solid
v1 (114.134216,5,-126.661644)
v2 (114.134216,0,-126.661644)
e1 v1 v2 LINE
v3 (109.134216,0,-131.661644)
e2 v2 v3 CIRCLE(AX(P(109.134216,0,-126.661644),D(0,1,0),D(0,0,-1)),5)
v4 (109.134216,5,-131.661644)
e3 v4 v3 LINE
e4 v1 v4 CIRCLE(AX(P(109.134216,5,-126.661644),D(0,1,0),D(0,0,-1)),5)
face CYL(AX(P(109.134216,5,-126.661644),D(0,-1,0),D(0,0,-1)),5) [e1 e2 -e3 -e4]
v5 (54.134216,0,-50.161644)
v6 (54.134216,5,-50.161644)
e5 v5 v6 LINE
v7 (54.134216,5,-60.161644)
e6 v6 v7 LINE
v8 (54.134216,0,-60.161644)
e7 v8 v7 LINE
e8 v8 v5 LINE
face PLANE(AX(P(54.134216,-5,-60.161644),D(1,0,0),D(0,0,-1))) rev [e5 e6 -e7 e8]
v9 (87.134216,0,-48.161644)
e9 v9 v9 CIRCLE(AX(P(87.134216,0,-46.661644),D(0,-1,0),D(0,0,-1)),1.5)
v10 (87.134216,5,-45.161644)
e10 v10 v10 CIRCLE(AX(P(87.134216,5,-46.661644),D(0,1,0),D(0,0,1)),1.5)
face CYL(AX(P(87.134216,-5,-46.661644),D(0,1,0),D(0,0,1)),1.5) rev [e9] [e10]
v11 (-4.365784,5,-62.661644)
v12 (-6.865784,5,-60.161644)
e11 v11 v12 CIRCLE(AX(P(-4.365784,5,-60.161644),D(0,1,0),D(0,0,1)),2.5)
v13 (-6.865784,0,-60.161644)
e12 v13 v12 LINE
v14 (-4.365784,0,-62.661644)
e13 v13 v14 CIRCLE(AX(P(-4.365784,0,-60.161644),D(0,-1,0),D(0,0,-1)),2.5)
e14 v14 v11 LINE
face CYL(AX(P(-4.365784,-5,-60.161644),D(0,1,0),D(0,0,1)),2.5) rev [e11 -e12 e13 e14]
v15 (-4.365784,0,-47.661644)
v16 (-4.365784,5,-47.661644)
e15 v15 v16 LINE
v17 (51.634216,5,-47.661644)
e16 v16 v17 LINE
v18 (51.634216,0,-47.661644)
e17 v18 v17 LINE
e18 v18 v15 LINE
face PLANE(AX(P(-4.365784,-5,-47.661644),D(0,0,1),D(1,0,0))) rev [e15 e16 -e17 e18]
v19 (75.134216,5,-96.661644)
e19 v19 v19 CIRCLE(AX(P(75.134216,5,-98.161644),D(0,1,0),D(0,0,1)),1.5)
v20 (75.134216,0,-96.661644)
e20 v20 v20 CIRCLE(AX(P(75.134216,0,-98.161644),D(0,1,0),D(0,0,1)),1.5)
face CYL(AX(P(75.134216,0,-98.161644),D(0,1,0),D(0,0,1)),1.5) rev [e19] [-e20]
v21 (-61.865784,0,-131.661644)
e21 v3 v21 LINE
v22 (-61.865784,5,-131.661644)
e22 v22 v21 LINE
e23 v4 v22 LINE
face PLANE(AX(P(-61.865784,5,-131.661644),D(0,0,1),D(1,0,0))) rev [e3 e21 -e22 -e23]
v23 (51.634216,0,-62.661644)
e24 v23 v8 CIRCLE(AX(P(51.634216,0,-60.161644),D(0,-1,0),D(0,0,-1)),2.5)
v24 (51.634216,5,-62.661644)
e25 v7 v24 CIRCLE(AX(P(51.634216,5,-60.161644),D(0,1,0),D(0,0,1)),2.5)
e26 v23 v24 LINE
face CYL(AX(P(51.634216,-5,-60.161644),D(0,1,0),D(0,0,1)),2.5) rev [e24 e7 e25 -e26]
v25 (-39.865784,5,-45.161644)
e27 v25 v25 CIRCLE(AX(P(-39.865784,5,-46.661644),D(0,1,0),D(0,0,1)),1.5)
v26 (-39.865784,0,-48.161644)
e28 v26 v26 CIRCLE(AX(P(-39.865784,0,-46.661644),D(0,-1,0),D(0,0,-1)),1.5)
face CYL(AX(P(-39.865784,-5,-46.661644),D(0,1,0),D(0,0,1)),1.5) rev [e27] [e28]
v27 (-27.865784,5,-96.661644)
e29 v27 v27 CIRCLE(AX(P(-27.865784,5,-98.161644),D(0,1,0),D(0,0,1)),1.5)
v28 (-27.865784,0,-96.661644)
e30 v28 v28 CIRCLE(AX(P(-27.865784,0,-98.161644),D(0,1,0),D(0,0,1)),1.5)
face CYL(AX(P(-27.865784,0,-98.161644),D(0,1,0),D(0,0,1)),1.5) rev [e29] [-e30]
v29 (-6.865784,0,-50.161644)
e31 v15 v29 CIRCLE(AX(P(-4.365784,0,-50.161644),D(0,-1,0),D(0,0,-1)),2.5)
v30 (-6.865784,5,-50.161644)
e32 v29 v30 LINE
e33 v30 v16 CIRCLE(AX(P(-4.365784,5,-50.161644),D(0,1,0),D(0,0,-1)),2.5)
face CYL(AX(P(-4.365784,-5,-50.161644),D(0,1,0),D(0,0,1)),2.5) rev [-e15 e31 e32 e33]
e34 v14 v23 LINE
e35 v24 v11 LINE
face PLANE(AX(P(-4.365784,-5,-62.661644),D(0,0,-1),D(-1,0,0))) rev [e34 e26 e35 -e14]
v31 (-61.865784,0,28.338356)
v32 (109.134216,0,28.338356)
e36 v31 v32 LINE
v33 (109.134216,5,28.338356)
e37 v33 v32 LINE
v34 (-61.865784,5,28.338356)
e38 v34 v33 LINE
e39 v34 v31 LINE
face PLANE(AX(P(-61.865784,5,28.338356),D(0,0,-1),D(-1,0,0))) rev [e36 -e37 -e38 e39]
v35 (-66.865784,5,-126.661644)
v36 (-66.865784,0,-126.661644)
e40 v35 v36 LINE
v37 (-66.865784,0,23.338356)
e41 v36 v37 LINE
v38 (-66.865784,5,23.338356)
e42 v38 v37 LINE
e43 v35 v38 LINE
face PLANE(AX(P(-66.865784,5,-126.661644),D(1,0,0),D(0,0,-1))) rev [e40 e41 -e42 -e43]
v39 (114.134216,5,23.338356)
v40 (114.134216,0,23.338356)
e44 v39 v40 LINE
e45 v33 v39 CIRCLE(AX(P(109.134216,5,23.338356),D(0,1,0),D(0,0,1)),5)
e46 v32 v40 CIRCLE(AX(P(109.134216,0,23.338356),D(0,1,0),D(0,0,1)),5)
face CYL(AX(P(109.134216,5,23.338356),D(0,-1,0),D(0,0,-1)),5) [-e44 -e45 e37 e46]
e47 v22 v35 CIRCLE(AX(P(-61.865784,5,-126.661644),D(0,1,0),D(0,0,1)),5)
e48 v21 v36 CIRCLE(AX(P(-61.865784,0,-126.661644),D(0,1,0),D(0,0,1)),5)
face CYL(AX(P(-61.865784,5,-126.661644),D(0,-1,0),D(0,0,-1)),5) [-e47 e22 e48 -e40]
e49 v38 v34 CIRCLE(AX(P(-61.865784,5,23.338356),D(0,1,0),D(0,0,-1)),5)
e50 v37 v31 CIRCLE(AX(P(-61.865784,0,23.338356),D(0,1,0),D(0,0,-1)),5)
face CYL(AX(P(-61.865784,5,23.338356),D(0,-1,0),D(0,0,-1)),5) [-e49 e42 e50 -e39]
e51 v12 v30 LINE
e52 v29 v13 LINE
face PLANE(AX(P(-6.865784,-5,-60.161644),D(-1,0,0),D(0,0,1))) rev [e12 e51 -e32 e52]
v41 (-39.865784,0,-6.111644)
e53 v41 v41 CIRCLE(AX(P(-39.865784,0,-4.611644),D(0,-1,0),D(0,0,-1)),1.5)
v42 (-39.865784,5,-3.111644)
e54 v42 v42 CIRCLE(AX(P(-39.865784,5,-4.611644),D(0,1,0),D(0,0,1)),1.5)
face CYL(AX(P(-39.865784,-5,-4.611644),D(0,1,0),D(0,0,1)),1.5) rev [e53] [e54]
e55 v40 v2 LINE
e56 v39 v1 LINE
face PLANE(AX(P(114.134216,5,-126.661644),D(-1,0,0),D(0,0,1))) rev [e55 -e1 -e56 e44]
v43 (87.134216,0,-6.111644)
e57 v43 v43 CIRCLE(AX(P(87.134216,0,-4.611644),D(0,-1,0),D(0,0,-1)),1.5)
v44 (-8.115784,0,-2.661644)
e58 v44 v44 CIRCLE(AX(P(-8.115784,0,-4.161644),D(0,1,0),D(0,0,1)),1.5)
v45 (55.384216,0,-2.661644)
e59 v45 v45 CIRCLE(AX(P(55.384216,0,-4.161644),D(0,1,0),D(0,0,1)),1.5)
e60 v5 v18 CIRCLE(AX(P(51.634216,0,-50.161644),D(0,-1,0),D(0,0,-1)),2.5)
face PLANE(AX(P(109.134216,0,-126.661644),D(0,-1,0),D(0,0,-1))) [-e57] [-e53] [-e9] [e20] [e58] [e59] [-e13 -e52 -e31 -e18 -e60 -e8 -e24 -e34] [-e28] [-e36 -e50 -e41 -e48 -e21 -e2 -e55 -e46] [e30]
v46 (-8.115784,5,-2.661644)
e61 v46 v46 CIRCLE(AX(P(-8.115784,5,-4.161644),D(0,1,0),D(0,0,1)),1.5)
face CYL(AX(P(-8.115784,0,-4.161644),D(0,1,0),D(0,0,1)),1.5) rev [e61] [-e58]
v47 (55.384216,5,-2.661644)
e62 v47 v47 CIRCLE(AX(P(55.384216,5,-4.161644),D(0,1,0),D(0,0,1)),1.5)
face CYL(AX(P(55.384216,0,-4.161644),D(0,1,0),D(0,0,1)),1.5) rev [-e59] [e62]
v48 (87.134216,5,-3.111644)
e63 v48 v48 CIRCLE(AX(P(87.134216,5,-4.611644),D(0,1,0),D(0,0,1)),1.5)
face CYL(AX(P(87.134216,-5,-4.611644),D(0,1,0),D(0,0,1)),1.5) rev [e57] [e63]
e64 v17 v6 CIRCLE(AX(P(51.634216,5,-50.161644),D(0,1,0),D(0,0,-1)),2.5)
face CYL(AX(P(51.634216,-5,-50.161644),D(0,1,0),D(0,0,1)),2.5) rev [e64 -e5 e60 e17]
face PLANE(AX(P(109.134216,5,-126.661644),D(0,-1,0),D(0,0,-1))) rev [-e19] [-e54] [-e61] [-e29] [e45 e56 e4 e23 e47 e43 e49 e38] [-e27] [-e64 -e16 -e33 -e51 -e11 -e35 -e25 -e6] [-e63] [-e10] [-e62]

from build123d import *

# Parameters (mm, degrees)
RESSALTO_EXTRUS_O1_DEPTH = 5
ESBO_O2_R                = 1.5
CORTE_EXTRUS_O1_DEPTH    = 5
ESBO_O3_R                = 1.5
CORTE_EXTRUS_O2_DEPTH    = 10
CORTE_EXTRUS_O3_DEPTH    = 10


with BuildPart() as part:
    # Esboço1 → Ressalto-extrusão1 (new body)
    with BuildSketch(Plane(origin=(0, 0, 0), x_dir=(1, 0, 0), z_dir=(0, 1, 0))):
        with BuildLine():
            Line((-61.865783789, 131.661644013), (109.134216211, 131.661644013))
            ThreePointArc((109.134216211, 131.661644013), (112.669750117, 130.197177919), (114.134216211, 126.661644013))
            Line((114.134216211, 126.661644013), (114.134216211, -23.338355987))
            ThreePointArc((114.134216211, -23.338355987), (112.669750117, -26.873889893), (109.134216211, -28.338355987))
            Line((109.134216211, -28.338355987), (-61.865783789, -28.338355987))
            ThreePointArc((-61.865783789, -28.338355987), (-65.401317695, -26.873889893), (-66.865783789, -23.338355987))
            Line((-66.865783789, -23.338355987), (-66.865783789, 126.661644013))
            ThreePointArc((-66.865783789, 126.661644013), (-65.401317695, 130.197177919), (-61.865783789, 131.661644013))
        make_face()
    extrude(amount=RESSALTO_EXTRUS_O1_DEPTH)

    # Esboço2 → Corte-extrusão1 (cut)
    with BuildSketch(Plane(origin=(0, 5, 0), x_dir=(1, 0, 0), z_dir=(0, 1, 0))):
        with Locations(Location((-27.865783789, 98.161644013, 0), (0, 0, 270))):
            Circle(ESBO_O2_R)
        with Locations(Location((75.134216211, 98.161644013, 0), (0, 0, 270))):
            Circle(ESBO_O2_R)
        with Locations(Location((-8.115783789, 4.161644013, 0), (0, 0, 270))):
            Circle(ESBO_O2_R)
        with Locations(Location((55.384216211, 4.161644013, 0), (0, 0, 270))):
            Circle(ESBO_O2_R)
    extrude(amount=-CORTE_EXTRUS_O1_DEPTH, mode=Mode.SUBTRACT)

    # Esboço3 → Corte-extrusão2 (cut)
    with BuildSketch(Plane(origin=(0, 5, 0), x_dir=(1, 0, 0), z_dir=(0, 1, 0))):
        with Locations(Location((-39.865783789, 46.661644013, 0), (0, 0, 270))):
            Circle(ESBO_O3_R)
        with Locations(Location((-39.865783789, 4.611644013, 0), (0, 0, 270))):
            Circle(ESBO_O3_R)
        with Locations(Location((87.134216211, 46.661644013, 0), (0, 0, 270))):
            Circle(ESBO_O3_R)
        with Locations(Location((87.134216211, 4.611644013, 0), (0, 0, 270))):
            Circle(ESBO_O3_R)
    extrude(amount=-CORTE_EXTRUS_O2_DEPTH, mode=Mode.SUBTRACT)

    # Esboço4 → Corte-extrusão3 (cut)
    with BuildSketch(Plane(origin=(0, 5, 0), x_dir=(1, 0, 0), z_dir=(0, 1, 0))):
        with BuildLine():
            Line((-4.365783789, 62.661644013), (51.634216211, 62.661644013))
            ThreePointArc((51.634216211, 62.661644013), (53.401983164, 61.929410966), (54.134216211, 60.161644013))
            Line((54.134216211, 60.161644013), (54.134216211, 50.161644013))
            ThreePointArc((54.134216211, 50.161644013), (53.401983164, 48.39387706), (51.634216211, 47.661644013))
            Line((51.634216211, 47.661644013), (-4.365783789, 47.661644013))
            ThreePointArc((-4.365783789, 47.661644013), (-6.133550742, 48.39387706), (-6.865783789, 50.161644013))
            Line((-6.865783789, 50.161644013), (-6.865783789, 60.161644013))
            ThreePointArc((-6.865783789, 60.161644013), (-6.133550742, 61.929410966), (-4.365783789, 62.661644013))
        make_face()
    extrude(amount=-CORTE_EXTRUS_O3_DEPTH, mode=Mode.SUBTRACT)


solid = part.part
